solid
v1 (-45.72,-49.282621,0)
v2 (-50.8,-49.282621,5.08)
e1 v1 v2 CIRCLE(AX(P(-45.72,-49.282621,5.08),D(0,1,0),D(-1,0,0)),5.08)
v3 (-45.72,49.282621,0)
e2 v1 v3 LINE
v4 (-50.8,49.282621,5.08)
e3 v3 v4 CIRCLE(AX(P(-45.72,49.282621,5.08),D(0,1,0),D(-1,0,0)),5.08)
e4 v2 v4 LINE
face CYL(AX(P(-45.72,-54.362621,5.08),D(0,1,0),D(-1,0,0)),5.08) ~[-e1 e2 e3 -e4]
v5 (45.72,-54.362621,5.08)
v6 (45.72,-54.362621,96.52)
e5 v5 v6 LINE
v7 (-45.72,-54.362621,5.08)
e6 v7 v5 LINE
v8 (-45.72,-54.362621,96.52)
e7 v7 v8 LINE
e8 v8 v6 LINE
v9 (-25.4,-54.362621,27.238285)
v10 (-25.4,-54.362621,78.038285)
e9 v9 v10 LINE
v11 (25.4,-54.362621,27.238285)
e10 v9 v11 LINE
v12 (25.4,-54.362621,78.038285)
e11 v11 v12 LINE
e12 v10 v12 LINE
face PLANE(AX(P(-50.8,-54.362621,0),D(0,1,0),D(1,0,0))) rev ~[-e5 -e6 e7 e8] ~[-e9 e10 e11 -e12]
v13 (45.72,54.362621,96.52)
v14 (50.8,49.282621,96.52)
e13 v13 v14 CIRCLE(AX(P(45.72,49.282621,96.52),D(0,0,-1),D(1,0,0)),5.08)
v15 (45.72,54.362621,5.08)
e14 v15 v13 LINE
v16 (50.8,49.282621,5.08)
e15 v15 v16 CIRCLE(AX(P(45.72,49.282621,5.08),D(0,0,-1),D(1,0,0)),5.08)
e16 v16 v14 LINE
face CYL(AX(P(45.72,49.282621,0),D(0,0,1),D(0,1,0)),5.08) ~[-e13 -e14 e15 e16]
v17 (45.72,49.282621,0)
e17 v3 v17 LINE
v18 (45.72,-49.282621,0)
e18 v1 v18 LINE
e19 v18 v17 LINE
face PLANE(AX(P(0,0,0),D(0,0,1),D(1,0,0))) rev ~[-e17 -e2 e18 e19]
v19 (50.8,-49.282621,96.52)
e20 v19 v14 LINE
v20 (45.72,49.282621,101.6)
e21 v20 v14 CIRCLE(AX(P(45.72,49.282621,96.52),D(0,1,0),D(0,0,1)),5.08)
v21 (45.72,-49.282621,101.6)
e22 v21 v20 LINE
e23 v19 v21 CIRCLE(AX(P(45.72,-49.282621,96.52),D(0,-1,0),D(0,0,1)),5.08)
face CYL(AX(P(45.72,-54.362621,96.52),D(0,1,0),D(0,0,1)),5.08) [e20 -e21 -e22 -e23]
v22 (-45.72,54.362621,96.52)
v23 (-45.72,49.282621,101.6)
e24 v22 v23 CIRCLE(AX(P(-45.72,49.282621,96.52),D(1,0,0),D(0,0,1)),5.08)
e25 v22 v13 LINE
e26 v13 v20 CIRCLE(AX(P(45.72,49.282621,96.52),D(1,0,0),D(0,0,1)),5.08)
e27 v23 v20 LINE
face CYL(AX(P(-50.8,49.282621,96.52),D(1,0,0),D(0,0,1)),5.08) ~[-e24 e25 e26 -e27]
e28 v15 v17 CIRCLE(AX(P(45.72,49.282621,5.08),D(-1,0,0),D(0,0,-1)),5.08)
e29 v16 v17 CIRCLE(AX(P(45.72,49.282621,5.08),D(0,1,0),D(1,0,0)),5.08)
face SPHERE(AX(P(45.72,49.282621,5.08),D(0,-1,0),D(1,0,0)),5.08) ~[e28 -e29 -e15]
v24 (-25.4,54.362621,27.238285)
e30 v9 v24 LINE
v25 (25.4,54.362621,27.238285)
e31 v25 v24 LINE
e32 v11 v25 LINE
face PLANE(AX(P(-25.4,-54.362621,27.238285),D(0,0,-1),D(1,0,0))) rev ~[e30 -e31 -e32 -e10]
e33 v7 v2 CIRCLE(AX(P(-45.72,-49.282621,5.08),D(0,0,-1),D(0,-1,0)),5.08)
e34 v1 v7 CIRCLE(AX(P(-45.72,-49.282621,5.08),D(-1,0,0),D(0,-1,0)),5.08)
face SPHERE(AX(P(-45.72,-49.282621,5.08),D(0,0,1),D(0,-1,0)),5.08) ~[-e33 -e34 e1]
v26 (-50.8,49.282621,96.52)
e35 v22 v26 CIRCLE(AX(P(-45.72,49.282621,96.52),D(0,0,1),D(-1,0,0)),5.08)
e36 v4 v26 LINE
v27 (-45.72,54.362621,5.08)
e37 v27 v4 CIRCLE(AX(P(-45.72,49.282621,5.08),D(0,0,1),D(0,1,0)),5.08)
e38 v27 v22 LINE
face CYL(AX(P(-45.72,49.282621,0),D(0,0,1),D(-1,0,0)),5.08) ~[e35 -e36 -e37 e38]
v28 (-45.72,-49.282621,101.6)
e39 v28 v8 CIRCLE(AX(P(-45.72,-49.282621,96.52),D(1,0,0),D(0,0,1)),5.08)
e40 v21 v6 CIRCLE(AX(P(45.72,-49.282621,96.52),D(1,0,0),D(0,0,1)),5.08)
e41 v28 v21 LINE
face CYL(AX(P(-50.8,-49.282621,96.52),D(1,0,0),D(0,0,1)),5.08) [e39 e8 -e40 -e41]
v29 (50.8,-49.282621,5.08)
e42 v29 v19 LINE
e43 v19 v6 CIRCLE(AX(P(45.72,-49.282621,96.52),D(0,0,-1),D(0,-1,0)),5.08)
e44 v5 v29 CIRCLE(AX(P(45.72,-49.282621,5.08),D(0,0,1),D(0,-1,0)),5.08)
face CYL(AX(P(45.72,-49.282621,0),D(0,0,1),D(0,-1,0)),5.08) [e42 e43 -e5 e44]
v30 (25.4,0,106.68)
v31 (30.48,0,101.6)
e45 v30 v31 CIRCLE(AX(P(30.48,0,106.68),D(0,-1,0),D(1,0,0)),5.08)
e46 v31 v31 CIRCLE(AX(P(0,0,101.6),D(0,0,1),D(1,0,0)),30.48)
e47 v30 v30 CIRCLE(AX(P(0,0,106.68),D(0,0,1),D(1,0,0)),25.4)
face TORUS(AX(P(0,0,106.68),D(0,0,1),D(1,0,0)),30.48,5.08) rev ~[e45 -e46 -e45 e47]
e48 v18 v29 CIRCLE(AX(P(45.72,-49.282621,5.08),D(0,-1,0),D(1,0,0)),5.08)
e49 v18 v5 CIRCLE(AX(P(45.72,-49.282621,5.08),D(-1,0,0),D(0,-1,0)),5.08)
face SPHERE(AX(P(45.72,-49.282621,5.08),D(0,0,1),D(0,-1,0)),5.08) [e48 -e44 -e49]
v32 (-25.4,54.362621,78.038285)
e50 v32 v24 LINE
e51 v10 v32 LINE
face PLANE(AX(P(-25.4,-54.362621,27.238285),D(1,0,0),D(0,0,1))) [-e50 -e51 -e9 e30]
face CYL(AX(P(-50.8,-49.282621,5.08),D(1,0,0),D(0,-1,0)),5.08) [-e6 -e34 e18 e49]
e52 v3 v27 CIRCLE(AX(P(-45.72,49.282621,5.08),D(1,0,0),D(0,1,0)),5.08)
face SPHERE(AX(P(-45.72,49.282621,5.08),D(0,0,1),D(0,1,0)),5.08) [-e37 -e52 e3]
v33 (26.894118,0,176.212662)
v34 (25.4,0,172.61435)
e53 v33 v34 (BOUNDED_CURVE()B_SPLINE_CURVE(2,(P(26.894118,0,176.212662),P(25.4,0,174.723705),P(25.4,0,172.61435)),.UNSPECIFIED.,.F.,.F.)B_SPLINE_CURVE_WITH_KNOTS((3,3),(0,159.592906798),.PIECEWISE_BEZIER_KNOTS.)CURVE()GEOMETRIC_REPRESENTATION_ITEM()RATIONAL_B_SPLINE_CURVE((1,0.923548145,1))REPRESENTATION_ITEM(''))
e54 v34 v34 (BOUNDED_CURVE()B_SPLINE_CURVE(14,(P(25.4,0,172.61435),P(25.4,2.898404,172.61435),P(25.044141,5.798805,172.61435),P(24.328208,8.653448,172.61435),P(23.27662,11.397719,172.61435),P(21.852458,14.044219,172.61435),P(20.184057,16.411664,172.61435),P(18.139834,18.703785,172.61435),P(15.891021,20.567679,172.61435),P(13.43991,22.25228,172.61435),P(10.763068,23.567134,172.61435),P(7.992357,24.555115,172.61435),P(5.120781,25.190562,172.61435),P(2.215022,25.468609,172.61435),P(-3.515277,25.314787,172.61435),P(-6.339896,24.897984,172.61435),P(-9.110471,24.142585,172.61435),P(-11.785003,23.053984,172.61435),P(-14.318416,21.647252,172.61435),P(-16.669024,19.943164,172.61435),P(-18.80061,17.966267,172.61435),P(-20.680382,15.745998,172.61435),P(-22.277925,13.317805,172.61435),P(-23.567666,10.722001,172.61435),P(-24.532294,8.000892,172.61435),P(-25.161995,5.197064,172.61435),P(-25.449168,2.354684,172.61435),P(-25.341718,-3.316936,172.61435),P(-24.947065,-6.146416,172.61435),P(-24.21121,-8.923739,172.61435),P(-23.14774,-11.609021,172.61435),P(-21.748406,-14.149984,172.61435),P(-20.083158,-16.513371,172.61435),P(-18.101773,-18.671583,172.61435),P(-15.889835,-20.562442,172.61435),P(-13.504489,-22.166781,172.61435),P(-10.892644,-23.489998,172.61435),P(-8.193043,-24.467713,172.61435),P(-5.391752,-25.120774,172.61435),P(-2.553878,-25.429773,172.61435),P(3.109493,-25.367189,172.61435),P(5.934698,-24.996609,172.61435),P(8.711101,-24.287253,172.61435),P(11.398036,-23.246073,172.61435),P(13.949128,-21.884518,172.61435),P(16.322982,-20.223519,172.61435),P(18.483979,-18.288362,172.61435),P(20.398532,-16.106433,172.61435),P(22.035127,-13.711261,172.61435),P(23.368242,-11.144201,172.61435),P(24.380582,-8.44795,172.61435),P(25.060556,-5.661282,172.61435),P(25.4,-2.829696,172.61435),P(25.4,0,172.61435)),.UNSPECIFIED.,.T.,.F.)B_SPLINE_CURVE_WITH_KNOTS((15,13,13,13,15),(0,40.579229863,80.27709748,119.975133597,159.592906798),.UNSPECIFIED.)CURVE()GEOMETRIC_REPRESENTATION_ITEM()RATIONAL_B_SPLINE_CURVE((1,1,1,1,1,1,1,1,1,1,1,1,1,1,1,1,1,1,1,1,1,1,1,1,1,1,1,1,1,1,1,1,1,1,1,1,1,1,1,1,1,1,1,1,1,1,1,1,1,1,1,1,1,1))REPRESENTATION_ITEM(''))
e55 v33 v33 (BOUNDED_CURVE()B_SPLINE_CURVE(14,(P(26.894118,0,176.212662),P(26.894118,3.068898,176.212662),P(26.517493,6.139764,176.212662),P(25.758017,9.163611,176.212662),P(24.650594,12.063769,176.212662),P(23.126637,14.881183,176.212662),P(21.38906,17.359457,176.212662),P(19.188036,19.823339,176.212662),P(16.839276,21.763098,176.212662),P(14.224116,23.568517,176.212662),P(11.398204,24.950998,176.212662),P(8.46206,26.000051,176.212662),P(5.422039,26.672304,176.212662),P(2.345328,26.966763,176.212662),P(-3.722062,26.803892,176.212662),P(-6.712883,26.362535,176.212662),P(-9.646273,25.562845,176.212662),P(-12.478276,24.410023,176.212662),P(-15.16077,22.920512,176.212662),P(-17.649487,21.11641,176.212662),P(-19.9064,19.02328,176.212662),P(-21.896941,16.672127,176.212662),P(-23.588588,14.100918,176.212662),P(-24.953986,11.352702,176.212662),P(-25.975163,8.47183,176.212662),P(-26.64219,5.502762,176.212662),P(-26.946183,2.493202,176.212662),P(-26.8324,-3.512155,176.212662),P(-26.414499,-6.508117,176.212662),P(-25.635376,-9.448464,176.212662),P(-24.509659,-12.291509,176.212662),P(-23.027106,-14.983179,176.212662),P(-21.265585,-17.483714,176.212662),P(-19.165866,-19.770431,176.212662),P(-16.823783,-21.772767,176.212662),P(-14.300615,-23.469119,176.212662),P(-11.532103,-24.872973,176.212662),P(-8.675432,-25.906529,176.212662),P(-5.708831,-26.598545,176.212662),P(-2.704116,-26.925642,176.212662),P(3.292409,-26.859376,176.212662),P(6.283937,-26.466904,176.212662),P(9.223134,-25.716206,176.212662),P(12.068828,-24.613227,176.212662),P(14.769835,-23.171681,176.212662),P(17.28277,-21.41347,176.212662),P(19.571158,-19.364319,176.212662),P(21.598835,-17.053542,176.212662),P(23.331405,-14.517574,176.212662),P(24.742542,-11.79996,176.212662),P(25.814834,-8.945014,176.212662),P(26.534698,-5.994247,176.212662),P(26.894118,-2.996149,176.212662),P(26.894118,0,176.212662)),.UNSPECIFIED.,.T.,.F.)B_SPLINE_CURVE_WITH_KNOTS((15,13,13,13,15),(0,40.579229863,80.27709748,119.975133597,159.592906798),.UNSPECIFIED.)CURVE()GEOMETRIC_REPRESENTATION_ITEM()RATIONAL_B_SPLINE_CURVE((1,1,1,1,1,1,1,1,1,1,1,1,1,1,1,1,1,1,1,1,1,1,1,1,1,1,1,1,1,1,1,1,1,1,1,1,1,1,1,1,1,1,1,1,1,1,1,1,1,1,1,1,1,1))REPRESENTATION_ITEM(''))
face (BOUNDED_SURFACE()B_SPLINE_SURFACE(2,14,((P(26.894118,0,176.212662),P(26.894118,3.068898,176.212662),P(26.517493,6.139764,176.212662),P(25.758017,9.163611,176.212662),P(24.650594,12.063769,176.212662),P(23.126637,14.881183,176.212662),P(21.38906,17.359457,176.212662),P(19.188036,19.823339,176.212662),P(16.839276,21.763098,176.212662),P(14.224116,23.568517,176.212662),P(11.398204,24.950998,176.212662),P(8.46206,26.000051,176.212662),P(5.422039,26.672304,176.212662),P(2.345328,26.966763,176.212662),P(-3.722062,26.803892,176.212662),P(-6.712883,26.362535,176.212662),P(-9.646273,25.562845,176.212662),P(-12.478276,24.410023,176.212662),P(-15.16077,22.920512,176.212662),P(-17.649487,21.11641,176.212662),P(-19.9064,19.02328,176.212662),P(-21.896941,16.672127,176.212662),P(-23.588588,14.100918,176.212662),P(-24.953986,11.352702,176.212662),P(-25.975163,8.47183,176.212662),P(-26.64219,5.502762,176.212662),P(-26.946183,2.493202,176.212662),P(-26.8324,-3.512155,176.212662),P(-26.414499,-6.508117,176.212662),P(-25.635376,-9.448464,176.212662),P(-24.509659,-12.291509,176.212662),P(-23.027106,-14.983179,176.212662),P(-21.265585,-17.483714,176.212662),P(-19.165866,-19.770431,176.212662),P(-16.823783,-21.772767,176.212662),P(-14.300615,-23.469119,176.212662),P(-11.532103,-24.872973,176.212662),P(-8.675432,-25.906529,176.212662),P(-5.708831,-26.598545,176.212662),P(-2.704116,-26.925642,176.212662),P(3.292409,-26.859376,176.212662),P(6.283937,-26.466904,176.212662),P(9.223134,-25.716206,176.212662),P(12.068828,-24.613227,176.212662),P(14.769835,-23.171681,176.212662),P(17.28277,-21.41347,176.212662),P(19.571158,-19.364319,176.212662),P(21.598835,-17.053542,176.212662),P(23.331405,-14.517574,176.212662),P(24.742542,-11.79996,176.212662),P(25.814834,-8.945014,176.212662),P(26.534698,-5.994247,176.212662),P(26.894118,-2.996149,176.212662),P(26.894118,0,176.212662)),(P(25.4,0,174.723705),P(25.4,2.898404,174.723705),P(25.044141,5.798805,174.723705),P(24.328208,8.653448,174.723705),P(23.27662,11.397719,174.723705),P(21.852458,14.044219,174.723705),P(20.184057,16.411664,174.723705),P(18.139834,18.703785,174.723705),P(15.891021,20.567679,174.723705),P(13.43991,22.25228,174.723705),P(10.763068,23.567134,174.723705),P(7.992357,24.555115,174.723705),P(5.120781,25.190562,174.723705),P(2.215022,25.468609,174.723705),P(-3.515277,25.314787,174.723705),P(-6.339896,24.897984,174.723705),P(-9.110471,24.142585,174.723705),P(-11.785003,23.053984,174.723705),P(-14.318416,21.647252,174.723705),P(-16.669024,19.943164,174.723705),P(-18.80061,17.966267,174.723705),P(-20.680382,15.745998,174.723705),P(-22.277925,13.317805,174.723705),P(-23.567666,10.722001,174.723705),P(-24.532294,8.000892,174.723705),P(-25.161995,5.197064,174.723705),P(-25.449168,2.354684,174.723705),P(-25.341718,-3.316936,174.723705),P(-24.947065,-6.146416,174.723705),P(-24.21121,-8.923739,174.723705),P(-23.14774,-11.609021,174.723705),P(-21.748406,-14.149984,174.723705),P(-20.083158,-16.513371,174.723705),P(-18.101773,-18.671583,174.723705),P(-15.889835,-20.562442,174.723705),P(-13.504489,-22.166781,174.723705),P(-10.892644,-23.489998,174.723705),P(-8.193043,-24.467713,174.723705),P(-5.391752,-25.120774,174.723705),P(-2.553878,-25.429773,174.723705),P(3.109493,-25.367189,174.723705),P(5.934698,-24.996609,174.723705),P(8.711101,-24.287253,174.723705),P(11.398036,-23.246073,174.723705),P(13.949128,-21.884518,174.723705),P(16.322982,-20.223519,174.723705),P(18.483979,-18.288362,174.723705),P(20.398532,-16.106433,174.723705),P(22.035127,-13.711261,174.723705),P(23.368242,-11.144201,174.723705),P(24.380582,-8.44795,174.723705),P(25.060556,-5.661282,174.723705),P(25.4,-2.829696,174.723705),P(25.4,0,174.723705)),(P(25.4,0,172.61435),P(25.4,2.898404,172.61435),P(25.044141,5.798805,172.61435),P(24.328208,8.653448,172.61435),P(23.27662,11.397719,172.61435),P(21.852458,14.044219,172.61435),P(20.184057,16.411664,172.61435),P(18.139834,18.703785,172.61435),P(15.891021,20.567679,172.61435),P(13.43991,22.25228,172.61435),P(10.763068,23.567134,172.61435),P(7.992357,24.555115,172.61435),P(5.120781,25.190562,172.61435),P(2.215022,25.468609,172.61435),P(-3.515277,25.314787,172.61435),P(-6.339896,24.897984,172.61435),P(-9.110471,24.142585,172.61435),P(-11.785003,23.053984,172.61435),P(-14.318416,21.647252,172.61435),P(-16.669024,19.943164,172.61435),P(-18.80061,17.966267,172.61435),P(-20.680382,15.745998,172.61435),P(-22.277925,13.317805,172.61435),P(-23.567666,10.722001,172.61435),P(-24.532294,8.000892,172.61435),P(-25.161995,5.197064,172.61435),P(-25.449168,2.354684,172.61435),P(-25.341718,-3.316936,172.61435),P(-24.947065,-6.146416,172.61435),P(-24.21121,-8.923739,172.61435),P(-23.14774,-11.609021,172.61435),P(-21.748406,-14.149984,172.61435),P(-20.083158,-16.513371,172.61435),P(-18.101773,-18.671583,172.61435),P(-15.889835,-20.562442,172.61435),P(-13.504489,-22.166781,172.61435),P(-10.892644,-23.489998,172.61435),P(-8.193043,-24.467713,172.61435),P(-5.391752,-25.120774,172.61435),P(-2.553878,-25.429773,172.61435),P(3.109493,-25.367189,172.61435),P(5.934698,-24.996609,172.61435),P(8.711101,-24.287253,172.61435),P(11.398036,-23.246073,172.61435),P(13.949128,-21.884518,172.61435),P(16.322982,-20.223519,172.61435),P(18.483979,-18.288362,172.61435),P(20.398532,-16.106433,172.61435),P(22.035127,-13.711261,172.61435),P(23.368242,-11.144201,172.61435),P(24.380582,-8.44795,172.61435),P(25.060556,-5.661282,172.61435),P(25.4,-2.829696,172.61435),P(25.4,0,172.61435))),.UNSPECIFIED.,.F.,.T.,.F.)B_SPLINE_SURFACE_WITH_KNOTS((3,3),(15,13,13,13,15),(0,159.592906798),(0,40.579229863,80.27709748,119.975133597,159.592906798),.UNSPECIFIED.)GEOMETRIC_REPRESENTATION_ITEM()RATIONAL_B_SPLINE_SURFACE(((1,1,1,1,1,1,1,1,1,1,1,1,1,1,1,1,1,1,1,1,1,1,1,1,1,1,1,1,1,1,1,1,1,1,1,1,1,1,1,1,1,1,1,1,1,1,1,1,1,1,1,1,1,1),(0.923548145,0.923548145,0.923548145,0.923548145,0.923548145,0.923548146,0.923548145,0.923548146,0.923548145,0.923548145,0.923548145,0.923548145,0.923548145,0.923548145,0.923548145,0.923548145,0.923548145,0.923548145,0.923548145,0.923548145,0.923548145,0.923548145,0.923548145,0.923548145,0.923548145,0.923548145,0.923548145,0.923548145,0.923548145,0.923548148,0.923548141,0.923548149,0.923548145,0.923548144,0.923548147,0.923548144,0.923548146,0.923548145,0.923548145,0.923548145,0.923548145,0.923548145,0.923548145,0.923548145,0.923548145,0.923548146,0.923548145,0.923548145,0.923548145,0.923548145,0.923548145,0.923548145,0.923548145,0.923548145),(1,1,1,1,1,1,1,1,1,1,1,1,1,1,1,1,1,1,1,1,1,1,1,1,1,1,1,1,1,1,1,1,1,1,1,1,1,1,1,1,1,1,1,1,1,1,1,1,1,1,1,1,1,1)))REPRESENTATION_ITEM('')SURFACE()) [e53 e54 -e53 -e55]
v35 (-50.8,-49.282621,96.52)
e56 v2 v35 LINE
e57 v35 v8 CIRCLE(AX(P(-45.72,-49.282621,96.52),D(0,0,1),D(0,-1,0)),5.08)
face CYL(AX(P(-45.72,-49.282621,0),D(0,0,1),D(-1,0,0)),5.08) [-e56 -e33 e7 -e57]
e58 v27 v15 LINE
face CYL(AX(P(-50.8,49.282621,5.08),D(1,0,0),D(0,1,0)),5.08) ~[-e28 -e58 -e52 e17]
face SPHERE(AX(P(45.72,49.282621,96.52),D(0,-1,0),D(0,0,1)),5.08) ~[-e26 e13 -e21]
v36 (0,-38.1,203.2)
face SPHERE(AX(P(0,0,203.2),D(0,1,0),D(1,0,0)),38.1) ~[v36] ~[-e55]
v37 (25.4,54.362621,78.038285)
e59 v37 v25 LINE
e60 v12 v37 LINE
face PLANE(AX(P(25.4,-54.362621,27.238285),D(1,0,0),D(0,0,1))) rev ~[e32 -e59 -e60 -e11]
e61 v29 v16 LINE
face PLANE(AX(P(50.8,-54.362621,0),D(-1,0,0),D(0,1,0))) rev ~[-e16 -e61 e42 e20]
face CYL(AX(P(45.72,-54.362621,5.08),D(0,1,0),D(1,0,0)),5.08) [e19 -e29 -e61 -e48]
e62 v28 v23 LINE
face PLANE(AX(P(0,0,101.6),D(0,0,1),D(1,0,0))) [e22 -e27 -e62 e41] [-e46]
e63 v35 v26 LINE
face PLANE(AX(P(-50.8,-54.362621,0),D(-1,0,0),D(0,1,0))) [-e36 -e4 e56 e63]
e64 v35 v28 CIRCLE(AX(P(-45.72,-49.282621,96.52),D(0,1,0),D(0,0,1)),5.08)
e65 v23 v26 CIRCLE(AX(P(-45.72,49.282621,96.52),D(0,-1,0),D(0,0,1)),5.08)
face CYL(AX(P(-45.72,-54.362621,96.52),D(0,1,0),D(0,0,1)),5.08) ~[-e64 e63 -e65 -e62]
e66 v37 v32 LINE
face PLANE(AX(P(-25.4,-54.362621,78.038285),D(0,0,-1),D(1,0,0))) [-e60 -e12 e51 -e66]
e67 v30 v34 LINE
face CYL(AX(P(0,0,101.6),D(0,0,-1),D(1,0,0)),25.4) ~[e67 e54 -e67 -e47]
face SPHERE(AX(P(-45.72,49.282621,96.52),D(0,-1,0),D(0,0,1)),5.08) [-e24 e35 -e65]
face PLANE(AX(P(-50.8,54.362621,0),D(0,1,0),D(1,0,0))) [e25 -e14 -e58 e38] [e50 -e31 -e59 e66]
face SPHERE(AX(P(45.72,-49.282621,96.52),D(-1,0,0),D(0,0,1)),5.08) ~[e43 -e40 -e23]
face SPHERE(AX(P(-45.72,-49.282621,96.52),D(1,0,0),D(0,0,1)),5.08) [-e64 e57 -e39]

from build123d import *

# Parameters (mm, degrees)
F0_W     = 101.6
F0_H     = 108.7252423167
F1_DEPTH = 101.6
F2_R     = 25.4
F3_DEPTH = 101.6
F8_W     = 50.8
F8_H     = 50.8
F9_DEPTH = 127
F10_R    = 5.08


with BuildPart() as f1:
    # F0 (on Top) → F1 (new body)
    with BuildSketch(Plane.XY):
        Rectangle(F0_W, F0_H)
    extrude(amount=F1_DEPTH)

    # F2 (on face) → F3 (join)
    with BuildSketch(Plane.XY.offset(101.6)):
        Circle(F2_R)
    extrude(amount=F3_DEPTH)

    # F5 (on face) → F6 (revolve)
    with BuildSketch(Plane.XY.offset(203.2)):
        with BuildLine():
            Line((0, -25.4), (0, -38.1))
            ThreePointArc((0, -38.1), (38.1, 0), (0, 38.1))
            Line((0, 38.1), (0, 25.4))
            ThreePointArc((0, 25.4), (17.9605122421, 17.9605122421), (25.4, 0))
            ThreePointArc((25.4, 0), (17.9605122421, -17.9605122421), (0, -25.4))
        make_face()
        with BuildLine():
            Line((0, 25.4), (0, -25.4))
            ThreePointArc((0, -25.4), (17.9605122421, -17.9605122421), (25.4, 0))
            ThreePointArc((25.4, 0), (17.9605122421, 17.9605122421), (0, 25.4))
        make_face()
    revolve(axis=Axis((0, 0, 203.2), (0, -1, 0)))

    # F8 (on face) → F9 (cut)
    with BuildSketch(Plane.XZ.offset(54.3626211584)):
        with Locations((0, 52.638284862)):
            Rectangle(F8_W, F8_H)
    extrude(amount=-F9_DEPTH, mode=Mode.SUBTRACT)

    # F10
    f10_edges = [f1.edges().sort_by_distance(p)[0] for p in [
        (0, -54.362621, 101.6),
        (50.8, 0, 101.6),
        (50.8, -54.362621, 50.8),
        (-50.8, 0, 101.6),
        (0, 54.362621, 101.6),
        (-50.8, -54.362621, 50.8),
        (0, -54.362621, 0),
        (50.8, 0, 0),
        (50.8, 54.362621, 50.8),
        (-50.8, 54.362621, 50.8),
        (0, 54.362621, 0),
        (-50.8, 0, 0),
        (-25.4, 0, 101.6),
        (-25.4, 0, 174.801937),
    ]]
    fillet(f10_edges, radius=F10_R)


solid = f1.part
